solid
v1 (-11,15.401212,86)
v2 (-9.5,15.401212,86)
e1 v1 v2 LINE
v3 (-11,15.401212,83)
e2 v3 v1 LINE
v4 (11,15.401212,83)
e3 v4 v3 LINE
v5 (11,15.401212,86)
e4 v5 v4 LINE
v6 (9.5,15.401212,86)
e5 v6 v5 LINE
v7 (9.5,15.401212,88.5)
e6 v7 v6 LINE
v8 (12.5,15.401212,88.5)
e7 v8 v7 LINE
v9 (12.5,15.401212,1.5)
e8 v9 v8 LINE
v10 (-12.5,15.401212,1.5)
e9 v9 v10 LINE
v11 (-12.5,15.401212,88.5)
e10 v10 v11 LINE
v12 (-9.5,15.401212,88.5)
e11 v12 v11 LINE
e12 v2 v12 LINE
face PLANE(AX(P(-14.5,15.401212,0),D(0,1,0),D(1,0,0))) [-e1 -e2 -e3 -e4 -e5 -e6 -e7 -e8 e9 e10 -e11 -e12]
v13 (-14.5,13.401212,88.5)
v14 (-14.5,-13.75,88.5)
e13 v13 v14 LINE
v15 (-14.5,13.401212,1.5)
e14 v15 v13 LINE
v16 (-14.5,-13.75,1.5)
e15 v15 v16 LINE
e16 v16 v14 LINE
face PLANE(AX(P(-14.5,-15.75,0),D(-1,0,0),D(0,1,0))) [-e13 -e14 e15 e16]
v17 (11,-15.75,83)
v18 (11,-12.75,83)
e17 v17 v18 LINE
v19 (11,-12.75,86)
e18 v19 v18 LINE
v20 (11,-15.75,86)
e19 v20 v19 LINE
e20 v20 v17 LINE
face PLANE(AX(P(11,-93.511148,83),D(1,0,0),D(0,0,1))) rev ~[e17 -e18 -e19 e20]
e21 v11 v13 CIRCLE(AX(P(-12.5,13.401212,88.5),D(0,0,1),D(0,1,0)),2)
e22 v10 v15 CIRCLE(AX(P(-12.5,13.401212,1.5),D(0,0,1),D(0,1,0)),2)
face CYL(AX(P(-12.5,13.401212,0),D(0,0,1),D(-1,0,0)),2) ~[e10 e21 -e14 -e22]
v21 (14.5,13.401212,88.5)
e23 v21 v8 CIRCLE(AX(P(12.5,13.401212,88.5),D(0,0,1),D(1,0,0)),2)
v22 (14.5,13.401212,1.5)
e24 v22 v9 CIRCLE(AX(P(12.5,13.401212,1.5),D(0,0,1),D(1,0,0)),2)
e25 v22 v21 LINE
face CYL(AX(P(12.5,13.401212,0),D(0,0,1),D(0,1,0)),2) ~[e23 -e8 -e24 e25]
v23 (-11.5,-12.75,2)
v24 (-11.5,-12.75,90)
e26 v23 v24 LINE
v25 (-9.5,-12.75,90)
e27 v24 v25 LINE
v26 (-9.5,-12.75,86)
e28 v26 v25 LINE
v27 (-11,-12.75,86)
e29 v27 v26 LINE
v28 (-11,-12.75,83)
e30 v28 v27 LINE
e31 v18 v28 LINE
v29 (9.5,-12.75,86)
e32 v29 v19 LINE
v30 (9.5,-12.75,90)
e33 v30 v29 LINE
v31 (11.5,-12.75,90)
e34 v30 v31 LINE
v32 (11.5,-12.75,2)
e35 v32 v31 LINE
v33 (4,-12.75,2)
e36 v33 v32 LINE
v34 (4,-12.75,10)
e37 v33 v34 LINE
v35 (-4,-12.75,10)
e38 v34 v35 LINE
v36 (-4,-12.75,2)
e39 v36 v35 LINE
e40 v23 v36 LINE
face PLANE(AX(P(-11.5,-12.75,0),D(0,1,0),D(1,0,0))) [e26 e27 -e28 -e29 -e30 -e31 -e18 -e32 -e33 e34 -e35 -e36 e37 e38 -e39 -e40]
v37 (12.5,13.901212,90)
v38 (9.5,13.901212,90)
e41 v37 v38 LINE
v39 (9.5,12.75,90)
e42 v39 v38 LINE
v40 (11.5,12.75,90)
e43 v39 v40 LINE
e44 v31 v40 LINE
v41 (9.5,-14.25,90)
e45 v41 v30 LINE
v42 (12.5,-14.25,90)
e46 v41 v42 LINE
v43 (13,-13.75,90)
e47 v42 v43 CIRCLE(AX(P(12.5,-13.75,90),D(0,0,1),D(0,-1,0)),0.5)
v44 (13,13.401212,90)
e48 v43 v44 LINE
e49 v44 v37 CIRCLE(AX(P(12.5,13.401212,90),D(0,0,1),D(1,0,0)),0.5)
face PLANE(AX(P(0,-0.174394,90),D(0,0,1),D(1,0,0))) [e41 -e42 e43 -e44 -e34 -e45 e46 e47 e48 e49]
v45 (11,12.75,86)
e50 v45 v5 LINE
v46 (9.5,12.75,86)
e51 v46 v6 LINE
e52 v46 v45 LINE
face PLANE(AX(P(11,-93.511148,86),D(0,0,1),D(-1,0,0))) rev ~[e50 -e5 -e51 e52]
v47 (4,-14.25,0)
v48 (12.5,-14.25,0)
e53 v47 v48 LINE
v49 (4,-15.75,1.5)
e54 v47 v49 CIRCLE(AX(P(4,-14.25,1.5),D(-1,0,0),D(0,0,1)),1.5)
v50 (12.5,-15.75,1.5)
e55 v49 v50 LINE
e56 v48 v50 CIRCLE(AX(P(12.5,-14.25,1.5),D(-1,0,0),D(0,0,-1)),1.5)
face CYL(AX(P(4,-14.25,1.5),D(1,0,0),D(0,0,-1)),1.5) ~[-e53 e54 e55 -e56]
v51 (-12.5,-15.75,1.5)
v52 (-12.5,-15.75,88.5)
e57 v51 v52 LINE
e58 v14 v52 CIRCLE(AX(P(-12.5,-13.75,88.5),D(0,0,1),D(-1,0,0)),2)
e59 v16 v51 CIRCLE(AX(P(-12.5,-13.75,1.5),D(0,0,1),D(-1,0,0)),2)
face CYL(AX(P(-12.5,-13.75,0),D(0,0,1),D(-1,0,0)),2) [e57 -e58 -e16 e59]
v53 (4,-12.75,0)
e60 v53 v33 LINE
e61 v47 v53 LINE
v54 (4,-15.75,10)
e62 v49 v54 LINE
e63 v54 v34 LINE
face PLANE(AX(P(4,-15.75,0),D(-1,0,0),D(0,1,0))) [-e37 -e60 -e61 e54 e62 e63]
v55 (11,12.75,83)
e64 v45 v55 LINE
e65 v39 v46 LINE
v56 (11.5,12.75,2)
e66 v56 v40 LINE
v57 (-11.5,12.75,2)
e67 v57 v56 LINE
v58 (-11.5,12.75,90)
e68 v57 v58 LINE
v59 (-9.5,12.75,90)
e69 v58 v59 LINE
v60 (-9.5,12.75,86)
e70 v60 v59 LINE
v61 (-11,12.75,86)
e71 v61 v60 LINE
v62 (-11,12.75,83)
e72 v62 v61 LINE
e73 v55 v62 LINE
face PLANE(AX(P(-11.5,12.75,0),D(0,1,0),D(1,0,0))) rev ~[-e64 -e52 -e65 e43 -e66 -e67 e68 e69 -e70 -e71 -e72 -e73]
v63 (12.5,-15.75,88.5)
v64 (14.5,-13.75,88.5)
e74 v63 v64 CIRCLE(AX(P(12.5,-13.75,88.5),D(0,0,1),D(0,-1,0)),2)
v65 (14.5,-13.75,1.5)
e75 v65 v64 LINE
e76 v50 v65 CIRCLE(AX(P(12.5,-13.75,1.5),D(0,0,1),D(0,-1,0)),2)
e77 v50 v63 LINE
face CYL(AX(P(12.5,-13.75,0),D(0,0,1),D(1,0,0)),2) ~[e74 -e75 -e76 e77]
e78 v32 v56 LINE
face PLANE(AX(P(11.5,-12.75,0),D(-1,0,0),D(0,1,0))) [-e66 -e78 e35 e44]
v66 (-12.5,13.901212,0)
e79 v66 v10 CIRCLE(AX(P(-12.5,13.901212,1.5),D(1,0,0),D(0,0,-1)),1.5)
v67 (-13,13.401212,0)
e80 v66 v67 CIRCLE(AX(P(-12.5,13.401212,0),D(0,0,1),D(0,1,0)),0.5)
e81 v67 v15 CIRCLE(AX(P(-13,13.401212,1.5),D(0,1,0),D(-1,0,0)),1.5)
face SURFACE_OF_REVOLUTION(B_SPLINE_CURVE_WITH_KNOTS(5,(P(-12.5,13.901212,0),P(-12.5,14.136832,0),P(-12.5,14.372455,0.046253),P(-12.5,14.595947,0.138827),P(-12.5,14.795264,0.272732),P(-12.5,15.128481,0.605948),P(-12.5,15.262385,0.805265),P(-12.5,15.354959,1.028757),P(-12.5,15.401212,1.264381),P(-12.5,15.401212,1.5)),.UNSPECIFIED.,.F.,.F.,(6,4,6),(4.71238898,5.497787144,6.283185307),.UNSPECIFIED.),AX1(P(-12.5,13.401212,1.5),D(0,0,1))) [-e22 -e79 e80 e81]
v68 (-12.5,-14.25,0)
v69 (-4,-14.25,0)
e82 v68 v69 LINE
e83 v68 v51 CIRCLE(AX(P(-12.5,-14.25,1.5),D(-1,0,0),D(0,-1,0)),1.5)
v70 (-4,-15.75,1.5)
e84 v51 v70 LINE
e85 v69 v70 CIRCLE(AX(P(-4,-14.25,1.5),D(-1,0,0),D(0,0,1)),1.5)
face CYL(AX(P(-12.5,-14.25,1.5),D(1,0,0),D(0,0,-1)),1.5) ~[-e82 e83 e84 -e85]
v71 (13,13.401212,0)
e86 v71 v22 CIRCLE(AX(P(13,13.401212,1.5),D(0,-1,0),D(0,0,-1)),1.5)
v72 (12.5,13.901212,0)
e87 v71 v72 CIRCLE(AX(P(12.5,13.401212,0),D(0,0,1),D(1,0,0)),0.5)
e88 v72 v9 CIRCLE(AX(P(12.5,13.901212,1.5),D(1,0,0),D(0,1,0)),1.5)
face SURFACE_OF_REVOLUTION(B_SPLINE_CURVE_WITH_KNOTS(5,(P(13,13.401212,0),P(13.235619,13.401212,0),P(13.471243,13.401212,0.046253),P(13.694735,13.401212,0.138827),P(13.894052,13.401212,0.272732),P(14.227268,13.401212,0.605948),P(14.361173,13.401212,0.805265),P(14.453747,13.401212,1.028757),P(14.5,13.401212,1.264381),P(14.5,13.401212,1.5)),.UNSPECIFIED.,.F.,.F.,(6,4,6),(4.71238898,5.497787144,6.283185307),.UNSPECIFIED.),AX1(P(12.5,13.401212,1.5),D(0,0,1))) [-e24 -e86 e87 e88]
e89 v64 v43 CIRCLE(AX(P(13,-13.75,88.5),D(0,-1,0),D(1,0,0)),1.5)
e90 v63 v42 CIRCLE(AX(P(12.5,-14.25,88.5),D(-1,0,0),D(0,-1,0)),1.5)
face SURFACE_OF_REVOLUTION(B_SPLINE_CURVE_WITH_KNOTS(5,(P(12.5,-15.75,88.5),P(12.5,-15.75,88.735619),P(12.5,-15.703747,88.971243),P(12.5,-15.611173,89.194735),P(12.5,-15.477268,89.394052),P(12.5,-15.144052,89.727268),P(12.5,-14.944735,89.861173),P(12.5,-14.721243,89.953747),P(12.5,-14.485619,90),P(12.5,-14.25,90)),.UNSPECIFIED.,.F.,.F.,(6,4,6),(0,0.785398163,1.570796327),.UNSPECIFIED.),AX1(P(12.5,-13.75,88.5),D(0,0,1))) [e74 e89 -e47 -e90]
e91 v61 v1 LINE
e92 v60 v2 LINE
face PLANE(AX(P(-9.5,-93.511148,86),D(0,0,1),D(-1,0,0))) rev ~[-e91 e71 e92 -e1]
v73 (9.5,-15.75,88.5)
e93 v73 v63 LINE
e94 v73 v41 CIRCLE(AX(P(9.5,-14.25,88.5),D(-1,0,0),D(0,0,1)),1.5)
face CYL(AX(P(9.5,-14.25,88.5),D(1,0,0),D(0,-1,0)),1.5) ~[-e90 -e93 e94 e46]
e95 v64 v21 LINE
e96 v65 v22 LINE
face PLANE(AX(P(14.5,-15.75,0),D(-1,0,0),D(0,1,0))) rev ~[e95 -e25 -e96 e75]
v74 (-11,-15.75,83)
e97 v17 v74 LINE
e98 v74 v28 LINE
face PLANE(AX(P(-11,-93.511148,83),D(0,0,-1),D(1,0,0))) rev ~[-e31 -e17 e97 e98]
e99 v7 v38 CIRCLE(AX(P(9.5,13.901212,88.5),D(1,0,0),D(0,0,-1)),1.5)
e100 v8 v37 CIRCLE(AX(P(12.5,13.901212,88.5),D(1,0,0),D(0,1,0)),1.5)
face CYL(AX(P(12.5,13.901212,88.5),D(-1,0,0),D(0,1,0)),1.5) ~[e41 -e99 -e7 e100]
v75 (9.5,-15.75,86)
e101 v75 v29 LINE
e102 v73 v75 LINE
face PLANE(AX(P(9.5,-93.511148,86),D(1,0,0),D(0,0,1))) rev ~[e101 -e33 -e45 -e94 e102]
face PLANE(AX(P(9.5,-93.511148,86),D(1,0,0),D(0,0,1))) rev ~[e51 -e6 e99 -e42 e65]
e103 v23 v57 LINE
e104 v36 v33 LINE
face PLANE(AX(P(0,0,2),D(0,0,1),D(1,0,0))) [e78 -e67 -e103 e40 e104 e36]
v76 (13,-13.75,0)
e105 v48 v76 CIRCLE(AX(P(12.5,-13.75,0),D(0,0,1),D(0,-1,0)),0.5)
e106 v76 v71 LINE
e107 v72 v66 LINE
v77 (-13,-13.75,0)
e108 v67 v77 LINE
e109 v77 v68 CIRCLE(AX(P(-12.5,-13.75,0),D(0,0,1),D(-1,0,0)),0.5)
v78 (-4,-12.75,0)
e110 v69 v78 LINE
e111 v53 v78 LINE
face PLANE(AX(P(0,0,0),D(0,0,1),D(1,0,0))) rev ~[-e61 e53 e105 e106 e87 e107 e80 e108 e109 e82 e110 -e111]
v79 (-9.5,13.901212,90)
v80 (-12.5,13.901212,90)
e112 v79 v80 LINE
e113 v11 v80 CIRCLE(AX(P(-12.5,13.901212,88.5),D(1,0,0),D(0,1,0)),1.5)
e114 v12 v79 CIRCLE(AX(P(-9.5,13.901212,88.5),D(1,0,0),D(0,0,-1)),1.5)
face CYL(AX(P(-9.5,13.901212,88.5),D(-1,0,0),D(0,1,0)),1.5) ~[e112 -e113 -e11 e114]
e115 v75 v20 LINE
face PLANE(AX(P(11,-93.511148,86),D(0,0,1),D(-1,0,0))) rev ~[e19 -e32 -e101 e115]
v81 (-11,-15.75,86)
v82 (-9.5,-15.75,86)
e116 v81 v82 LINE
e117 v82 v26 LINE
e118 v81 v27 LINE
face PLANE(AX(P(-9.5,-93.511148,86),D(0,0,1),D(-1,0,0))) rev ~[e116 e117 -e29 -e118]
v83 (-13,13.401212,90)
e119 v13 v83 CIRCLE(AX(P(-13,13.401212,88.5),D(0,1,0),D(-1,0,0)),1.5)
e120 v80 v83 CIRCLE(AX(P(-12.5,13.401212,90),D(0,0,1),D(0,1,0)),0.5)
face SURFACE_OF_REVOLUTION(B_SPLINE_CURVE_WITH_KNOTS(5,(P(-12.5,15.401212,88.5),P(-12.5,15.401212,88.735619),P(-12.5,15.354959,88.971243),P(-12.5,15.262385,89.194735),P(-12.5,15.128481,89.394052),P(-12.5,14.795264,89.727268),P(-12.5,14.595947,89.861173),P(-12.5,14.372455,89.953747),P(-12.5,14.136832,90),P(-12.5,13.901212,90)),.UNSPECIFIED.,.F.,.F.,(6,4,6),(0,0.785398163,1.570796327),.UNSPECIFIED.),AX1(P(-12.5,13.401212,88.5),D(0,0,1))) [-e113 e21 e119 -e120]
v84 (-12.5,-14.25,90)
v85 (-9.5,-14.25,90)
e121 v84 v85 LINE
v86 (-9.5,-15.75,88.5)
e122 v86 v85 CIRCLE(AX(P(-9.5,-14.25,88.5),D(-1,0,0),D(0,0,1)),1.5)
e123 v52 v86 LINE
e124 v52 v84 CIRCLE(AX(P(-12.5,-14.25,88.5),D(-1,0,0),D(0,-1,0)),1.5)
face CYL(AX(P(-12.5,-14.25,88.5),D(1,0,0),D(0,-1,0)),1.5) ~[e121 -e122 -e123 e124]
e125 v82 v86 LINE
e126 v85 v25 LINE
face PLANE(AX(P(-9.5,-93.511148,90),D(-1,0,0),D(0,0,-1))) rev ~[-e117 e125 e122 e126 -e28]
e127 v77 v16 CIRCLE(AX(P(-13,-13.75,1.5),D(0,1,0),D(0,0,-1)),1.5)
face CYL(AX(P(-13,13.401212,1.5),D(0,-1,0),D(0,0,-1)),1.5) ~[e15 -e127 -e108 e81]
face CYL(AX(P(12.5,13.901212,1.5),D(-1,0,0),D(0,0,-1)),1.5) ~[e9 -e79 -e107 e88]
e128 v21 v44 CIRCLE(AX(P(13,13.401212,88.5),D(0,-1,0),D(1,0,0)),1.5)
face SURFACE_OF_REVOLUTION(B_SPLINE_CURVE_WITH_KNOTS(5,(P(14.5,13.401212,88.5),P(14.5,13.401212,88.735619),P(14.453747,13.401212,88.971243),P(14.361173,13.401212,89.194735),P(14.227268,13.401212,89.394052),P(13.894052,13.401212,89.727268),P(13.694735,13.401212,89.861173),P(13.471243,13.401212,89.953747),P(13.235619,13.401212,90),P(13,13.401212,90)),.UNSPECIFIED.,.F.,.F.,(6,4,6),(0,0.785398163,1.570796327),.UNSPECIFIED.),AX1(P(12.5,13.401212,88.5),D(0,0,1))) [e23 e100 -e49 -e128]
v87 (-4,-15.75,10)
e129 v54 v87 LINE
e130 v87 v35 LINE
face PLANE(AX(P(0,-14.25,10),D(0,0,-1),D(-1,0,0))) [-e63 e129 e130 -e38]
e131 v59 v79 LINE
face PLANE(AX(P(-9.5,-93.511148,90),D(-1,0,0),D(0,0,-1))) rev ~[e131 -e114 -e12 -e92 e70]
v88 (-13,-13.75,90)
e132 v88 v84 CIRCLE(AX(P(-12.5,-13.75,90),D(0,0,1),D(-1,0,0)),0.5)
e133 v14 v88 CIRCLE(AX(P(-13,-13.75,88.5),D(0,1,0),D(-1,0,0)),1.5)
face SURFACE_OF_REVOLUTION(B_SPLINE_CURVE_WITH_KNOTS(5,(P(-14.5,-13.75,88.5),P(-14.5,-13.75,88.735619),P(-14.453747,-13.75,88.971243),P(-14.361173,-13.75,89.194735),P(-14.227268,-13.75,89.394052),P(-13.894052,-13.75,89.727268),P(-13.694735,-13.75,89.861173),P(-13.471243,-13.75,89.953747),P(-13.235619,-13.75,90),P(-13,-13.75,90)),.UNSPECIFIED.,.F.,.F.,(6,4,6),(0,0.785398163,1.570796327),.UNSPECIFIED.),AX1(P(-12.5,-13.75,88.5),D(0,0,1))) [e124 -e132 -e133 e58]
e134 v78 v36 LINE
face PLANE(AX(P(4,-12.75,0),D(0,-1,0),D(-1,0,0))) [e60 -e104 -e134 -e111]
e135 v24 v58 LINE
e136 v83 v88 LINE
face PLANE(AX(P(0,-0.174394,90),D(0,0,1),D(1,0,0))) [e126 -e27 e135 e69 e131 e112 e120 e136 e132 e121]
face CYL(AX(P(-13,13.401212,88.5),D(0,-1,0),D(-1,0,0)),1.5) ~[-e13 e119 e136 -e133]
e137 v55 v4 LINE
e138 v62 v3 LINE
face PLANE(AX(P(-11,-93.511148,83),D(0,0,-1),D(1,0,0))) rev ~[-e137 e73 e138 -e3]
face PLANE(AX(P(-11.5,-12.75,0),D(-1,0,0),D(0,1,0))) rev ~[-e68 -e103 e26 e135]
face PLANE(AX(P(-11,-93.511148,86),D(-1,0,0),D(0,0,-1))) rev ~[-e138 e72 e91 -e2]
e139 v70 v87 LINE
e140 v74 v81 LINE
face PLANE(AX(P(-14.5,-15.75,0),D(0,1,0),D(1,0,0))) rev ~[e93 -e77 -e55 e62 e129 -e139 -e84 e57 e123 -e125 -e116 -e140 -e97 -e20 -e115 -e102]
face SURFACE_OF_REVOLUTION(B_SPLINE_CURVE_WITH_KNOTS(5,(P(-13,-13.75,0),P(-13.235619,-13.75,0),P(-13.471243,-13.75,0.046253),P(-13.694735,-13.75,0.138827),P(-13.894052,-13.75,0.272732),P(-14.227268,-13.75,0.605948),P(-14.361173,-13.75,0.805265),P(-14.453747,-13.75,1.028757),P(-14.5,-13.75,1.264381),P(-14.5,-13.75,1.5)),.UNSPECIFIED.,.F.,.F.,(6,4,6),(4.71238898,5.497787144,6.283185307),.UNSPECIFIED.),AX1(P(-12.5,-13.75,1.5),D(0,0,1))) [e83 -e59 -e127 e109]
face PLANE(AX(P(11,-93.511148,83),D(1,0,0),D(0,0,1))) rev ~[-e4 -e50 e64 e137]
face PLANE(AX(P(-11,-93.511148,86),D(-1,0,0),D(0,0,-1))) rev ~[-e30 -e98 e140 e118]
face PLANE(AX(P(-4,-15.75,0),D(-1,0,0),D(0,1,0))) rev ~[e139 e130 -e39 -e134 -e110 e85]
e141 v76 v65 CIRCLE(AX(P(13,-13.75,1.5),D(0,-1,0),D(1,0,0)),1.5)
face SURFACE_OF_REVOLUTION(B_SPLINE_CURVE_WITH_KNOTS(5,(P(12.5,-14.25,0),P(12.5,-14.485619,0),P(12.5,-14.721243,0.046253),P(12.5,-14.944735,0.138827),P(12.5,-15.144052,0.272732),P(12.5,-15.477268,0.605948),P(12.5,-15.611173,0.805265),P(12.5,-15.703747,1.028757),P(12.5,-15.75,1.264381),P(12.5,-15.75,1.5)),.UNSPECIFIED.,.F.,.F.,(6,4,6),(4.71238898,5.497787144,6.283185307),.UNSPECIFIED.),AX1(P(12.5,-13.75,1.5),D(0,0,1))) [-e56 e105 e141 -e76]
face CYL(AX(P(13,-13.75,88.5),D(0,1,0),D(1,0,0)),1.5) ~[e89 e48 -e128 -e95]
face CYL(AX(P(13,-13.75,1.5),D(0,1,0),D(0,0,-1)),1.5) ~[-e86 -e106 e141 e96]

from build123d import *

# Parameters (mm, degrees)
SKETCH_1_W               = 29
SKETCH_1_H               = 31.151212228
SKETCH_1_W_2             = 23
SKETCH_1_H_2             = 25.5
EXTRUDE_1_DEPTH          = 90
SKETCH_1_2_W             = 23
SKETCH_1_2_H             = 25.5
EXTRUDE_2_DEPTH          = 2
SKETCH_2_W               = 8
SKETCH_2_H               = 3
CUT_EXTRUDE_1_DEPTH      = 10
CUT_EXTRUDE_2_DEPTH      = 93.511147977
CUT_EXTRUDE_2_DEPTH_BACK = 93.511147977
FILLET_1_R               = 2
FILLET_2_R               = 1.5


with BuildPart() as part:
    # 스케치1 → 보스-돌출1 (new body)
    with BuildSketch(Plane.XY):
        with Locations((0, -0.174393886)):
            Rectangle(SKETCH_1_W, SKETCH_1_H)
        Rectangle(SKETCH_1_W_2, SKETCH_1_H_2, mode=Mode.SUBTRACT)
    extrude(amount=EXTRUDE_1_DEPTH)

    # 스케치1<2> → 보스-돌출2 (add)
    with BuildSketch(Plane.XY):
        Rectangle(SKETCH_1_2_W, SKETCH_1_2_H)
    extrude(amount=EXTRUDE_2_DEPTH)

    # 스케치2 → 컷-돌출1 (cut)
    with BuildSketch(Plane(origin=(0, 0, 0), x_dir=(-1, 0, 0), z_dir=(0, 0, -1))):
        with Locations((0, -14.25)):
            Rectangle(SKETCH_2_W, SKETCH_2_H)
    extrude(amount=-CUT_EXTRUDE_1_DEPTH, mode=Mode.SUBTRACT)

    # 스케치3 → 컷-돌출2 (cut, two sides: drawn at the far end of the back side and taken through both)
    with BuildSketch(Plane(origin=(0, 0, 0), x_dir=(1, 0, 0), z_dir=(0, 1, 0)).offset(-CUT_EXTRUDE_2_DEPTH_BACK)):
        Polygon((-9.5, -90), (-9.5, -86), (-11, -86), (-11, -83), (11, -83), (11, -86), (9.5, -86), (9.5, -90), align=None)
    extrude(amount=CUT_EXTRUDE_2_DEPTH + CUT_EXTRUDE_2_DEPTH_BACK, mode=Mode.SUBTRACT)

    # 필렛1
    fillet_1_edges = [part.edges().sort_by_distance(p)[0] for p in [
        (14.5, 15.401212228, 45),
        (14.5, -15.75, 45),
        (-14.5, -15.75, 45),
        (-14.5, 15.401212228, 45),
    ]]
    fillet(fillet_1_edges, radius=FILLET_1_R)

    # 필렛2
    fillet_2_edges = [part.edges().sort_by_distance(p)[0] for p in [
        (-11, -15.75, 90),
        (-8.25, -15.75, 0),
        (-14.5, -0.174393886, 0),
        (0, 15.401212228, 0),
        (14.5, -0.174393886, 0),
        (-13.914213562, 14.81542579, 0),
        (13.914213562, 14.81542579, 0),
        (13.914213562, -15.164213562, 0),
        (-13.914213562, -15.164213562, 0),
        (-14.5, -0.174393886, 90),
        (-13.914213562, 14.81542579, 90),
        (-13.914213562, -15.164213562, 90),
        (14.5, -0.174393886, 90),
        (11, 15.401212228, 90),
        (13.914213562, 14.81542579, 90),
        (13.914213562, -15.164213562, 90),
        (8.25, -15.75, 0),
        (11, -15.75, 90),
        (-11, 15.401212228, 90),
    ]]
    fillet(fillet_2_edges, radius=FILLET_2_R)


solid = part.part
